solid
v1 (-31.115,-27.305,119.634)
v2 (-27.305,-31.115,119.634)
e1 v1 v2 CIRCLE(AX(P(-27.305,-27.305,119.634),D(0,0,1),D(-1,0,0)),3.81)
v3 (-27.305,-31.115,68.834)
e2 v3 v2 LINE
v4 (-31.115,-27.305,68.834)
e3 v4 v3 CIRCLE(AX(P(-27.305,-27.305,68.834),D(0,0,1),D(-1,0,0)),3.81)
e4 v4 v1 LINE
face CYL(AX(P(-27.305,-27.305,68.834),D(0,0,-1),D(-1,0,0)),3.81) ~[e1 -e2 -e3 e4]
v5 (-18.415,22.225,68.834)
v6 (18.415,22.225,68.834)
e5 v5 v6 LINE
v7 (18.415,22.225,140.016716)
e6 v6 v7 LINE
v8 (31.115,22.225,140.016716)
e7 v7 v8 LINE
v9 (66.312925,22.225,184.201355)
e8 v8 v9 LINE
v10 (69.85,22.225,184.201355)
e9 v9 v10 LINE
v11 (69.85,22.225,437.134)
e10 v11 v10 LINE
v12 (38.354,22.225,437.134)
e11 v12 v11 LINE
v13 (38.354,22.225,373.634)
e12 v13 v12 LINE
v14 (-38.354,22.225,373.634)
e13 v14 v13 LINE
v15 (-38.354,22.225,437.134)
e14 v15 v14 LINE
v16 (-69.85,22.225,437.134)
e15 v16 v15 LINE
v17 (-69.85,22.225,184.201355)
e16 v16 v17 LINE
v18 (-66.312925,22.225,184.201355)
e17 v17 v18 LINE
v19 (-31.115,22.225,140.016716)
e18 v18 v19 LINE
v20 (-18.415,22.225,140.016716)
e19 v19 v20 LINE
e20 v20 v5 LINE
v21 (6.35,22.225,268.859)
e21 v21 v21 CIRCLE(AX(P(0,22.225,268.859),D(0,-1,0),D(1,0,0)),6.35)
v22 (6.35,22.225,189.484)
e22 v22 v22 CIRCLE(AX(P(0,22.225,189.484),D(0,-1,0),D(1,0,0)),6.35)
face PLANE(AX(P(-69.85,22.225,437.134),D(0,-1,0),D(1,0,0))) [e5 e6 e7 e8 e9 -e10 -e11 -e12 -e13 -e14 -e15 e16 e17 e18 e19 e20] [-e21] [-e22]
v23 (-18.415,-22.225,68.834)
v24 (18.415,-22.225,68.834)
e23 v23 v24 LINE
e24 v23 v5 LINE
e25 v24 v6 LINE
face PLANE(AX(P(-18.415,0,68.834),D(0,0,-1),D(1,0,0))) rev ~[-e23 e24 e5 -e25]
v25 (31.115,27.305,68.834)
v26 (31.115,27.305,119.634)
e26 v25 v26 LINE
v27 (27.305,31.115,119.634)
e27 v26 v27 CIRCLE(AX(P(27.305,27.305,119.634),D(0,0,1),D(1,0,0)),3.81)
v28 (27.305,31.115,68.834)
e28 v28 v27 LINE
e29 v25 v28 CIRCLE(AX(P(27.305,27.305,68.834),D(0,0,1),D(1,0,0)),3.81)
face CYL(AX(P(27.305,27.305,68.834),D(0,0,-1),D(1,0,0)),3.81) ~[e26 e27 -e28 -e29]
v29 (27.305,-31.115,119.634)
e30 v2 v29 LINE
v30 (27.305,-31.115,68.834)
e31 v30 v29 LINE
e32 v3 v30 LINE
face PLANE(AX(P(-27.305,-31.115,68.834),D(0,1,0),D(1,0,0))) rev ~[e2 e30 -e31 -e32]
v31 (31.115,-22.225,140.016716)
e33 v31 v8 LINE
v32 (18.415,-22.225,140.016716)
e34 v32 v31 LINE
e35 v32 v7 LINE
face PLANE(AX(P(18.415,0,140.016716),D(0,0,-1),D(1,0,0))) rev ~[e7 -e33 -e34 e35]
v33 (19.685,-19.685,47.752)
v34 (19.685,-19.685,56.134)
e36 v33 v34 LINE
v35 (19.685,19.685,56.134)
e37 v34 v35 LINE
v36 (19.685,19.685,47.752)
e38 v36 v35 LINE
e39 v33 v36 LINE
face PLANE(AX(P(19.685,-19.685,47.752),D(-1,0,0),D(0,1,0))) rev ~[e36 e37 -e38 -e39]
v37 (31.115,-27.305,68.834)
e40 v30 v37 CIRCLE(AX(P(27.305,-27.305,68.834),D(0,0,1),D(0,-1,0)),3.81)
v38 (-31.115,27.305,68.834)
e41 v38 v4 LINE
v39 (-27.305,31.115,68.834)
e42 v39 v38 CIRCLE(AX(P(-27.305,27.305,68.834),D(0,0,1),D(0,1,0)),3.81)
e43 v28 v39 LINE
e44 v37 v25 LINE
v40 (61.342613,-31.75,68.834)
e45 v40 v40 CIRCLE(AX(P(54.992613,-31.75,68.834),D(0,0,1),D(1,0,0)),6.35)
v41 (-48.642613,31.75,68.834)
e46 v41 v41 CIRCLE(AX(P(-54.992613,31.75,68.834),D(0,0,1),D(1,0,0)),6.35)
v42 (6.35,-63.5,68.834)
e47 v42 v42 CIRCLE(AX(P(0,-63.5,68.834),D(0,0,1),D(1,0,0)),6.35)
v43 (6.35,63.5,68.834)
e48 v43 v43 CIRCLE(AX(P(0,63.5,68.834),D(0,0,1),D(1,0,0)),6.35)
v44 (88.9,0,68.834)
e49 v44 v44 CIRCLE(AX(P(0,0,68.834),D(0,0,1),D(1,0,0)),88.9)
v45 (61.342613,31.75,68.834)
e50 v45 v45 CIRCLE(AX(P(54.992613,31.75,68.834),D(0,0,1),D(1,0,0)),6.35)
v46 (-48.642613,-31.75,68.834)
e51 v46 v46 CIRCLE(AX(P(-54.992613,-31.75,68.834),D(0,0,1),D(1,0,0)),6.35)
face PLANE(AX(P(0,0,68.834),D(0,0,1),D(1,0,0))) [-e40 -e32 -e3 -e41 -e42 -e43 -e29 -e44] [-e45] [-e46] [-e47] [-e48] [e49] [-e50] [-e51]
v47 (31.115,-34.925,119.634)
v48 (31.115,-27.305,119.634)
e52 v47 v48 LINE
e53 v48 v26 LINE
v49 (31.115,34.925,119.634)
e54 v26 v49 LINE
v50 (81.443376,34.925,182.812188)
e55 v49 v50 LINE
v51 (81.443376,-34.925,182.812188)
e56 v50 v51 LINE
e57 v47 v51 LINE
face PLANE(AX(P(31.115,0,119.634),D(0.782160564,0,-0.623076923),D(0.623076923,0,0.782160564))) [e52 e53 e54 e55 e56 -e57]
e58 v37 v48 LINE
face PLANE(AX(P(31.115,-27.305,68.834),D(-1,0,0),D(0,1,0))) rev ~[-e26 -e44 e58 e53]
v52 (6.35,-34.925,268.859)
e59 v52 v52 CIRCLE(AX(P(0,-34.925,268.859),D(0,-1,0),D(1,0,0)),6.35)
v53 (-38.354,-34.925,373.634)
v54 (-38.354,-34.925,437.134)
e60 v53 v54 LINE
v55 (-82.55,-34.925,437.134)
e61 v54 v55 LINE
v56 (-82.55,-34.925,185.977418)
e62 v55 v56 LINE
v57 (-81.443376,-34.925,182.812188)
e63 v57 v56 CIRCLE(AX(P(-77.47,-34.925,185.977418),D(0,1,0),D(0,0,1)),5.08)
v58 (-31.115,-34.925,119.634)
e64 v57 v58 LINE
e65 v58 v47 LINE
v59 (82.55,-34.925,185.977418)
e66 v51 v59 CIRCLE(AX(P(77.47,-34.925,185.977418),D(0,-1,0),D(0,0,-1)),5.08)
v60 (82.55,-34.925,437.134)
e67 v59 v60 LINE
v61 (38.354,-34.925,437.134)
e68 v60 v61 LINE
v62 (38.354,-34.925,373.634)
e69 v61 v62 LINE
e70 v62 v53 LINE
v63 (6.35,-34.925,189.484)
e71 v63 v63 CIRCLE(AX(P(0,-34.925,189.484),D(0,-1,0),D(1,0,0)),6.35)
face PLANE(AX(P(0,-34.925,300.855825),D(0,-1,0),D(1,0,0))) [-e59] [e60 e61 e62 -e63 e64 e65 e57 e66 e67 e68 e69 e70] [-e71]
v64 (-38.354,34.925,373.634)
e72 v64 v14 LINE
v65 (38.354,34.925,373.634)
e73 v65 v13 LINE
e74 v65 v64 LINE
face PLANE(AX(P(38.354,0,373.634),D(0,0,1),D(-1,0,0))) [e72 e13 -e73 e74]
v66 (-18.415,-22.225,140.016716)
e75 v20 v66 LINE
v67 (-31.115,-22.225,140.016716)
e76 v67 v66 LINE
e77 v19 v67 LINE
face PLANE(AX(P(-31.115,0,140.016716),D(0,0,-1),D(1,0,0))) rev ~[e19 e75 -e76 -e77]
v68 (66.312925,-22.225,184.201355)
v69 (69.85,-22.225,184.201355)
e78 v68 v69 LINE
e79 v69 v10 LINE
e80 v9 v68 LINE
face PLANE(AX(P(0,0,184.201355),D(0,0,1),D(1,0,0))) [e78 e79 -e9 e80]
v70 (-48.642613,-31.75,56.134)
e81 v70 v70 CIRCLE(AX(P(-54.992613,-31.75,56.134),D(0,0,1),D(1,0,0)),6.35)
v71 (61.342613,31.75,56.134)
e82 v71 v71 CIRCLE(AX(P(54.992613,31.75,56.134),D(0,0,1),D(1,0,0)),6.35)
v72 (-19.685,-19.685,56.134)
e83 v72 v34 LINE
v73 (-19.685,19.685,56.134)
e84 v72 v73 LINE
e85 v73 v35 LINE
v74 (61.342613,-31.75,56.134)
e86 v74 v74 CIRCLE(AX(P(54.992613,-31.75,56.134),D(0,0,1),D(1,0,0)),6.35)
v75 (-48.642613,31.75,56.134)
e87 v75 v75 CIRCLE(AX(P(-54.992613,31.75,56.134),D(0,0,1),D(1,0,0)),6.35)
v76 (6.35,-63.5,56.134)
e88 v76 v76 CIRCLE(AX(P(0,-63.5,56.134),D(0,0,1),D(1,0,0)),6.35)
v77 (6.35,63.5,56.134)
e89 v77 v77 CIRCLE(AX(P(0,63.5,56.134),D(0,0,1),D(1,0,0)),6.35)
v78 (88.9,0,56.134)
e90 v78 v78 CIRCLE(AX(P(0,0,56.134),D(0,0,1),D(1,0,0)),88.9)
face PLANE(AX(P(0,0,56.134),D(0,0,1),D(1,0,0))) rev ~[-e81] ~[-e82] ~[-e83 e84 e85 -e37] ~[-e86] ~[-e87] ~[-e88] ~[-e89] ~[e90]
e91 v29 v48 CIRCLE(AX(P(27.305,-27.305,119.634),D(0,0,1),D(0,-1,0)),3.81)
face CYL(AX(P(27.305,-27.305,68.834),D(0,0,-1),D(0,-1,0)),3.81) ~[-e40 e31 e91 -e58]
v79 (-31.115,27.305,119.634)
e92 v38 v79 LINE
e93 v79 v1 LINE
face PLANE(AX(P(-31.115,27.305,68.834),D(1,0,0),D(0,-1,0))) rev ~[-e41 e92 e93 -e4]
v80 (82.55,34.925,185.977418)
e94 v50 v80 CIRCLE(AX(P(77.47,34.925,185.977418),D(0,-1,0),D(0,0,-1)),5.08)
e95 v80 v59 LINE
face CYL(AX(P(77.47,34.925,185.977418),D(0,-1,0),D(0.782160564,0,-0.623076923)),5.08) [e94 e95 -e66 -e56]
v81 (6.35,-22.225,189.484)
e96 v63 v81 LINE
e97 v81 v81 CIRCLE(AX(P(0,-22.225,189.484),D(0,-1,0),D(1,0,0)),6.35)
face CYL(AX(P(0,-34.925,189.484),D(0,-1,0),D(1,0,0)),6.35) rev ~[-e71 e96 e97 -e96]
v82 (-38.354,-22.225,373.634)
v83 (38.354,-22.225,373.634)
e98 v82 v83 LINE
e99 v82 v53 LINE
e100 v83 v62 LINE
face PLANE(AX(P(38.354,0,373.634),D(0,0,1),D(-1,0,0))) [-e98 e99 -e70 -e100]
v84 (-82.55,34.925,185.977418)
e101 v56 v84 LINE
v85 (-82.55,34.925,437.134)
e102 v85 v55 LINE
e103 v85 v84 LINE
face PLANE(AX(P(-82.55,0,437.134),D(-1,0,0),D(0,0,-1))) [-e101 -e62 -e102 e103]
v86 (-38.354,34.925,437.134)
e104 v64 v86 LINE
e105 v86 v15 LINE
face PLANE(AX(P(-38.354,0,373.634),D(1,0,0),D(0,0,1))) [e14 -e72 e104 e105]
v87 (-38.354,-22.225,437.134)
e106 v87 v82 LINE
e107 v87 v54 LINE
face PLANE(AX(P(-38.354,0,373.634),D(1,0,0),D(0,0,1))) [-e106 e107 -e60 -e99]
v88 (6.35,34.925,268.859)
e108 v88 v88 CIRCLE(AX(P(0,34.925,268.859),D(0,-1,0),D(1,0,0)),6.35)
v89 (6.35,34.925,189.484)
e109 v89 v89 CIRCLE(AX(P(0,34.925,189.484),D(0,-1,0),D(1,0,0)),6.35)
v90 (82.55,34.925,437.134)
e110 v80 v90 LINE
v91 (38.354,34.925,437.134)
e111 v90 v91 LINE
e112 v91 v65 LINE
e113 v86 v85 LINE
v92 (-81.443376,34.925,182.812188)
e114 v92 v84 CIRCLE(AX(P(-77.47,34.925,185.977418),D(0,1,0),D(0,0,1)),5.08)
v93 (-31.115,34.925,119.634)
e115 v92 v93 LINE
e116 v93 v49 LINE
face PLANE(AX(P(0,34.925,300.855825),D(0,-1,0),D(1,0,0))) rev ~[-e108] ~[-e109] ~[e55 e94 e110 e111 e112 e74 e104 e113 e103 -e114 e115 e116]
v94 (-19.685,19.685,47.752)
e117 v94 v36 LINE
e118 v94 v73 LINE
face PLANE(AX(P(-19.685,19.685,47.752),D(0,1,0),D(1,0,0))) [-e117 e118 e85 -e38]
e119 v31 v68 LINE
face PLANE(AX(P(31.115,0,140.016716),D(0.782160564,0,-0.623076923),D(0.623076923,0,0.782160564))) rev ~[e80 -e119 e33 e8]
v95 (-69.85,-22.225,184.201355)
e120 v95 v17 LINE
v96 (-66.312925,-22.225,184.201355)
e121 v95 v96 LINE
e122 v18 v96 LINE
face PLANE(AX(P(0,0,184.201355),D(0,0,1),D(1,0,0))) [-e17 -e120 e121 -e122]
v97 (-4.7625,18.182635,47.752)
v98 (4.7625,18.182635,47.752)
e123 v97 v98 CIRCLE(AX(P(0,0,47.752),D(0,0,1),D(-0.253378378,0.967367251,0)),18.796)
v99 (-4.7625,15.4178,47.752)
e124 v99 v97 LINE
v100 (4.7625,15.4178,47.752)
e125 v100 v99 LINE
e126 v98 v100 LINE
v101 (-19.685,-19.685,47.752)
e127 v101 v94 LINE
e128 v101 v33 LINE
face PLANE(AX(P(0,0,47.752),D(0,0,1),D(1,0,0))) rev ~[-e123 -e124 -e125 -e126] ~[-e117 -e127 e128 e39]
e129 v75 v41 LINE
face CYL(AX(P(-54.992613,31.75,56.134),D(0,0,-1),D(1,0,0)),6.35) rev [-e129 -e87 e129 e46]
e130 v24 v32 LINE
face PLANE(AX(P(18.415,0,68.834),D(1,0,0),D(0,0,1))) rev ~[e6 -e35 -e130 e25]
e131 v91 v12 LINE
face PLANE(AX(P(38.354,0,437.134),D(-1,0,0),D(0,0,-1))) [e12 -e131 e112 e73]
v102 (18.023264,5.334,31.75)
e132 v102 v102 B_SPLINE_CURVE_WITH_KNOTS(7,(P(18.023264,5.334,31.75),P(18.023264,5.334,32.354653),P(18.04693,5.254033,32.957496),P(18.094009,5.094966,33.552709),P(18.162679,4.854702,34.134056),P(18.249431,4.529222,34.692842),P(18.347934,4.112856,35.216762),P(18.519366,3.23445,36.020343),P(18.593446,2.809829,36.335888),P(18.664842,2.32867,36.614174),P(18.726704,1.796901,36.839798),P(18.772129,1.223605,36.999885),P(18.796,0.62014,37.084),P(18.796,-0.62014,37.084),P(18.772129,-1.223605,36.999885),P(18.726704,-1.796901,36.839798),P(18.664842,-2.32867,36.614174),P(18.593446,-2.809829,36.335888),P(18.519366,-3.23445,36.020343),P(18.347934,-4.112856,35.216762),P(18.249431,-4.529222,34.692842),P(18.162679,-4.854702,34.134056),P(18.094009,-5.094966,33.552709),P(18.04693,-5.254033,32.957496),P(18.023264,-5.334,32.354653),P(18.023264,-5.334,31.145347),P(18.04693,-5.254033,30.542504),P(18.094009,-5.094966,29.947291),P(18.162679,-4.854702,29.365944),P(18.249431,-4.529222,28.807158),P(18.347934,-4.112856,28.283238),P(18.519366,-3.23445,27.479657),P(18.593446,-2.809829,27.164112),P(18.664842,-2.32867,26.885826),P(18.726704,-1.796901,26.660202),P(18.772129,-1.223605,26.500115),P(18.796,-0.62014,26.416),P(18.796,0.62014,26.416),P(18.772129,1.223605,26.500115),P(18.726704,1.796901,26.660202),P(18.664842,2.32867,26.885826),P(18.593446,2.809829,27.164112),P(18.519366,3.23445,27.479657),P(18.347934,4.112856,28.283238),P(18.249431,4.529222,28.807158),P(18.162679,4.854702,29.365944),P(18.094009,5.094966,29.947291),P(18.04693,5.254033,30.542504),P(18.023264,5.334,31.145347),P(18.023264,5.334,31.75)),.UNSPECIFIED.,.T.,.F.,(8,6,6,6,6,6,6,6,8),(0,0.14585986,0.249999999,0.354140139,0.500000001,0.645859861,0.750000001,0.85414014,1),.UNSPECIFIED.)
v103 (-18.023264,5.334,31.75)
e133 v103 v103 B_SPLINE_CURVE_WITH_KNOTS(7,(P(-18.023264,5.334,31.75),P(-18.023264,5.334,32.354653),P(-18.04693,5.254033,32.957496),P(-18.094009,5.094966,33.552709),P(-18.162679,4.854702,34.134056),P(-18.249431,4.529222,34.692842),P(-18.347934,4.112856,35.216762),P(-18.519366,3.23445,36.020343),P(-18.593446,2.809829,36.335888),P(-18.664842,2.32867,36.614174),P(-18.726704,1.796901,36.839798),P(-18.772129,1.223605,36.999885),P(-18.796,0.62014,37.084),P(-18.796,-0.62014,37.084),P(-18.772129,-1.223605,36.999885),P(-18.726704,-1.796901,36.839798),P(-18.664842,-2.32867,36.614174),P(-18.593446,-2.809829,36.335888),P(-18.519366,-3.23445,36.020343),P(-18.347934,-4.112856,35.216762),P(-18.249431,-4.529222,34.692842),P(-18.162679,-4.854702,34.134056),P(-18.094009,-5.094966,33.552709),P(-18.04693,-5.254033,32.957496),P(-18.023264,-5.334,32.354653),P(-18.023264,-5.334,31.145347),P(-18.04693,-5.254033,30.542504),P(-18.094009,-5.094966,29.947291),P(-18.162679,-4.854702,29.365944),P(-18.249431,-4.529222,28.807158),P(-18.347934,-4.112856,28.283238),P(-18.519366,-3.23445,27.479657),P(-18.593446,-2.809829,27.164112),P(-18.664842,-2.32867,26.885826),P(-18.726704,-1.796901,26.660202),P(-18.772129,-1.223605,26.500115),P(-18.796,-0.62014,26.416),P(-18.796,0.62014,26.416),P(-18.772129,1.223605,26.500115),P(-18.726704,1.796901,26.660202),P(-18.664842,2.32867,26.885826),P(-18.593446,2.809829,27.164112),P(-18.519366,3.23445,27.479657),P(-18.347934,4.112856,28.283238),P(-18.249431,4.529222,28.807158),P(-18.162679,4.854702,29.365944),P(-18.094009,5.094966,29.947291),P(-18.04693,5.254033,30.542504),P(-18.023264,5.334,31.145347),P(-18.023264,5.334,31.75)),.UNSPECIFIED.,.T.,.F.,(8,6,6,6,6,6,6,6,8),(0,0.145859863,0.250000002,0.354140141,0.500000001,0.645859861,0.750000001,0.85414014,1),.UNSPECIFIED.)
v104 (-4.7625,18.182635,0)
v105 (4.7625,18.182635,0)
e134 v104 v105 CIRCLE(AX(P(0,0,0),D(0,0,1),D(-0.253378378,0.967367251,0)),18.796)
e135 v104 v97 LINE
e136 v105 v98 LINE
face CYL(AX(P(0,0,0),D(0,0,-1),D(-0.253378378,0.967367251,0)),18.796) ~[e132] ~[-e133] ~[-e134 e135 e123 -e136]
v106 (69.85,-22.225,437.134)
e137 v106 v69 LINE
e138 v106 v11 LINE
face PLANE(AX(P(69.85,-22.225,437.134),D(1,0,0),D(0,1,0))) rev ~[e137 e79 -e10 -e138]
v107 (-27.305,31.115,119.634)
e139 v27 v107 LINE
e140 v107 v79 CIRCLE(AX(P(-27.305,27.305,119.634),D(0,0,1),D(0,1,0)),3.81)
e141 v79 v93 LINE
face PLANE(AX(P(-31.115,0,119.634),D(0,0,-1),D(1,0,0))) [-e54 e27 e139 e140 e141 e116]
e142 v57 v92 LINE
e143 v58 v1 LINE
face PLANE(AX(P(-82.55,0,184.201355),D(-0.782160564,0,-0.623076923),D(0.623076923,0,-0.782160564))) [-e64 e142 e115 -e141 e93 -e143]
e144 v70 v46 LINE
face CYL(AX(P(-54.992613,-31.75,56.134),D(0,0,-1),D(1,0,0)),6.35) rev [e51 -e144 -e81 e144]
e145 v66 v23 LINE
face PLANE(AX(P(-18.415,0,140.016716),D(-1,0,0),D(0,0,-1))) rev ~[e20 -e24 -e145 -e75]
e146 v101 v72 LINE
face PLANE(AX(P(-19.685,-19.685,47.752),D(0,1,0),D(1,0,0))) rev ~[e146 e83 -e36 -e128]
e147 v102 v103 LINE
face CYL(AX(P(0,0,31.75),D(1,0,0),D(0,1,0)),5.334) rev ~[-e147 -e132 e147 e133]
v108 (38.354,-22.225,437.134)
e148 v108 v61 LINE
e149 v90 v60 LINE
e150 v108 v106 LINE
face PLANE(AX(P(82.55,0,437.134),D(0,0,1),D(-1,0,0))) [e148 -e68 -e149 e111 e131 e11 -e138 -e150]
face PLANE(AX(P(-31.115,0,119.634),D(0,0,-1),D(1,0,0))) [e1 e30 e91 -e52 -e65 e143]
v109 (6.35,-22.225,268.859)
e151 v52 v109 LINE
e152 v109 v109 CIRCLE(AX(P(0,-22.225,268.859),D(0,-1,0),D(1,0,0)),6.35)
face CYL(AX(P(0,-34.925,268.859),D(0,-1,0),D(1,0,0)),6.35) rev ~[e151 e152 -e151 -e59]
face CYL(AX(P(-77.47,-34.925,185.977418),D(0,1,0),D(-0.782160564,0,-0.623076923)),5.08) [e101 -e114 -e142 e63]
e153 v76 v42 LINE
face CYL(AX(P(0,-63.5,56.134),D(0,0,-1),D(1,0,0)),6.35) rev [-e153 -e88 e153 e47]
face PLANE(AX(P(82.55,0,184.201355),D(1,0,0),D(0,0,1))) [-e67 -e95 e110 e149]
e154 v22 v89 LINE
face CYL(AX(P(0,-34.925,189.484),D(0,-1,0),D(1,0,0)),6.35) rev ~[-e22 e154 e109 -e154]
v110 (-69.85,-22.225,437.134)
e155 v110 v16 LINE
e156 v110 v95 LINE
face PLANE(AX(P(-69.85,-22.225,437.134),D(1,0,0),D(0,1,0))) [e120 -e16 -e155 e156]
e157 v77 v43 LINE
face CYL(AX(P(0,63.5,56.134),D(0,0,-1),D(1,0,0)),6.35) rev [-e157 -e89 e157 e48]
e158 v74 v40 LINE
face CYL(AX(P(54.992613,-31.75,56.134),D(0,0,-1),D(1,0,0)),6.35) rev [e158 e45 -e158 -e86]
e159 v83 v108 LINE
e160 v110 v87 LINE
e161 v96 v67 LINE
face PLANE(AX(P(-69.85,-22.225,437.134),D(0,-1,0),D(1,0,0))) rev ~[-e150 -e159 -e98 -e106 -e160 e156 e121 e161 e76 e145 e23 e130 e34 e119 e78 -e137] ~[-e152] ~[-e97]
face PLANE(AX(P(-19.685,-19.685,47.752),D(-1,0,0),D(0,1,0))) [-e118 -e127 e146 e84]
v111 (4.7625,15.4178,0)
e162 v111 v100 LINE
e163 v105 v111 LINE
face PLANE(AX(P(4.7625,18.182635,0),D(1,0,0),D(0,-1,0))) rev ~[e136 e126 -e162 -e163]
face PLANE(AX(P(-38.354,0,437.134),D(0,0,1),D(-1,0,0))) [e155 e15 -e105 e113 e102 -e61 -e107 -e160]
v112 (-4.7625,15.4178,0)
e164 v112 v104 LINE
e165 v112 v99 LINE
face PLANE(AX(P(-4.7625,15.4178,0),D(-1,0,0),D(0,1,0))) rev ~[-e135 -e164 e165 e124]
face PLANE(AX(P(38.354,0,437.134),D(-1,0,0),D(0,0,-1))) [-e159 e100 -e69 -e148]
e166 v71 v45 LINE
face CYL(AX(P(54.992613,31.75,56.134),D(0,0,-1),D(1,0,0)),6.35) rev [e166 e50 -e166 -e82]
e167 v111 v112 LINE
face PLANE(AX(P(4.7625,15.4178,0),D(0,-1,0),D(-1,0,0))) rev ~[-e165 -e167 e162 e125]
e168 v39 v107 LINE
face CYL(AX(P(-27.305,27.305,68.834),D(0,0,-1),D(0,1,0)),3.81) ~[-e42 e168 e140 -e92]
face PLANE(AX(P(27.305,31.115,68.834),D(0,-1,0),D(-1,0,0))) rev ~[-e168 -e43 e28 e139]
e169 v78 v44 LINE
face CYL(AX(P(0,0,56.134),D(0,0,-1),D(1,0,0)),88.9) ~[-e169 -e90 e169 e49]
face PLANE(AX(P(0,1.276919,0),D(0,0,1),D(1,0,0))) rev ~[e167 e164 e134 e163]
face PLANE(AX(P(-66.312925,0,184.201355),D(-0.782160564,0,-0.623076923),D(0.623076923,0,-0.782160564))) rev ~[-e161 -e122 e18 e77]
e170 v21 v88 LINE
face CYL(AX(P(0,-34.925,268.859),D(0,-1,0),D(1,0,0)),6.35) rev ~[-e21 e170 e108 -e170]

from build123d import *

# Parameters (mm, degrees)
F1_DEPTH      = 47.752
F2_W          = 39.37
F2_H          = 39.37
F3_DEPTH      = 8.382
F4_R          = 88.9
F4_R_2        = 6.35
F5_DEPTH      = 12.7
F7_DEPTH      = 50.8
F8_R          = 5.334
F9_DEPTH      = 88.901
F9_DEPTH_BACK = 127
F10_W         = 36.83
F10_H         = 36.83
F11_DEPTH     = 50.8
F13_DEPTH     = 34.925
F14_W         = 139.7
F14_H         = 44.45
F15_DEPTH     = 252.932645439
F17_DEPTH     = 22.225
F18_R         = 5.08
F19_R         = 6.35
F20_DEPTH     = 123.826


with BuildPart() as f1:
    # F0 (on Top) → F1 (new body)
    with BuildSketch(Plane.XY):
        with BuildLine():
            Line((-4.7625, 15.4178), (-4.7625, 18.1826348407))
            ThreePointArc((-4.7625, 18.1826348407), (0, -18.796), (4.7625, 18.1826348407))
            Line((4.7625, 18.1826348407), (4.7625, 15.4178))
            Line((4.7625, 15.4178), (-4.7625, 15.4178))
        make_face()
    extrude(amount=F1_DEPTH)

    # F2 (on face) → F3 (join)
    with BuildSketch(Plane.XY.offset(47.752)):
        Rectangle(F2_W, F2_H)
    extrude(amount=F3_DEPTH)

    # F4 (on face) → F5 (join)
    with BuildSketch(Plane.XY.offset(56.134)):
        Circle(F4_R)
        with Locations((-54.9926131403, -31.75)):
            Circle(F4_R_2, mode=Mode.SUBTRACT)
        with Locations((0, -63.5)):
            Circle(F4_R_2, mode=Mode.SUBTRACT)
        with Locations((54.9926131403, -31.75)):
            Circle(F4_R_2, mode=Mode.SUBTRACT)
        with Locations((-54.9926131403, 31.75)):
            Circle(F4_R_2, mode=Mode.SUBTRACT)
        with Locations((54.9926131403, 31.75)):
            Circle(F4_R_2, mode=Mode.SUBTRACT)
        with Locations((0, 63.5)):
            Circle(F4_R_2, mode=Mode.SUBTRACT)
    extrude(amount=F5_DEPTH)

    # F6 (on face) → F7 (join)
    with BuildSketch(Plane.XY.offset(68.834)):
        with BuildLine():
            Line((27.305, 31.115), (-27.305, 31.115))
            ThreePointArc((-27.305, 31.115), (-29.9990768363, 29.9990768363), (-31.115, 27.305))
            Line((-31.115, 27.305), (-31.115, -27.305))
            ThreePointArc((-31.115, -27.305), (-29.9990768363, -29.9990768363), (-27.305, -31.115))
            Line((-27.305, -31.115), (27.305, -31.115))
            ThreePointArc((27.305, -31.115), (29.9990768363, -29.9990768363), (31.115, -27.305))
            Line((31.115, -27.305), (31.115, 27.305))
            ThreePointArc((31.115, 27.305), (29.9990768363, 29.9990768363), (27.305, 31.115))
        make_face()
    extrude(amount=F7_DEPTH)

    # F8 (on Right) → F9 (cut, two sides)
    with BuildSketch(Plane.YZ) as f9_sk:
        with Locations((0, 31.75)):
            Circle(F8_R)
    extrude(amount=F9_DEPTH, mode=Mode.SUBTRACT)
    extrude(f9_sk.sketch, amount=-F9_DEPTH_BACK, mode=Mode.SUBTRACT)

    # F10 (on face) → F11 (cut, through all)
    with BuildSketch(Plane.XY.offset(119.634)):
        Rectangle(F10_W, F10_H)
    extrude(amount=-F11_DEPTH, mode=Mode.SUBTRACT)

    # F12 (on Front) → F13 (join, symmetric)
    with BuildSketch(Plane.XZ):
        Polygon((0, 119.634), (31.115, 119.634), (82.55, 184.201354561), (82.55, 437.134), (38.354, 437.134), (38.354, 373.634), (0, 373.634), (-38.354, 373.634), (-38.354, 437.134), (-82.55, 437.134), (-82.55, 184.201354561), (-31.115, 119.634), align=None)
    extrude(amount=F13_DEPTH, both=True)

    # F14 (on face) → F15 (cut, through all)
    with BuildSketch(Plane.XY.offset(437.134)):
        Rectangle(F14_W, F14_H)
    extrude(amount=-F15_DEPTH, mode=Mode.SUBTRACT)

    # F16 (on Front) → F17 (cut, symmetric)
    with BuildSketch(Plane.XZ):
        Polygon((31.115, 140.0167160494), (66.3129246679, 184.201354561), (-66.3129246679, 184.201354561), (-31.115, 140.0167160494), (-18.415, 140.0167160494), (-18.415, 68.834), (18.415, 68.834), (18.415, 140.0167160494), align=None)
    extrude(amount=F17_DEPTH, both=True, mode=Mode.SUBTRACT)

    # F18
    f18_edges = [f1.edges().sort_by_distance(p)[0] for p in [
        (82.55, 0, 184.201355),
        (-82.55, 0, 184.201355),
    ]]
    fillet(f18_edges, radius=F18_R)

    # F19 (on face) → F20 (cut, through all)
    with BuildSketch(Plane.XZ.offset(34.925)):
        with Locations((0, 189.484)):
            Circle(F19_R)
        with Locations((0, 268.859)):
            Circle(F19_R)
    extrude(amount=-F20_DEPTH, mode=Mode.SUBTRACT)


solid = f1.part
